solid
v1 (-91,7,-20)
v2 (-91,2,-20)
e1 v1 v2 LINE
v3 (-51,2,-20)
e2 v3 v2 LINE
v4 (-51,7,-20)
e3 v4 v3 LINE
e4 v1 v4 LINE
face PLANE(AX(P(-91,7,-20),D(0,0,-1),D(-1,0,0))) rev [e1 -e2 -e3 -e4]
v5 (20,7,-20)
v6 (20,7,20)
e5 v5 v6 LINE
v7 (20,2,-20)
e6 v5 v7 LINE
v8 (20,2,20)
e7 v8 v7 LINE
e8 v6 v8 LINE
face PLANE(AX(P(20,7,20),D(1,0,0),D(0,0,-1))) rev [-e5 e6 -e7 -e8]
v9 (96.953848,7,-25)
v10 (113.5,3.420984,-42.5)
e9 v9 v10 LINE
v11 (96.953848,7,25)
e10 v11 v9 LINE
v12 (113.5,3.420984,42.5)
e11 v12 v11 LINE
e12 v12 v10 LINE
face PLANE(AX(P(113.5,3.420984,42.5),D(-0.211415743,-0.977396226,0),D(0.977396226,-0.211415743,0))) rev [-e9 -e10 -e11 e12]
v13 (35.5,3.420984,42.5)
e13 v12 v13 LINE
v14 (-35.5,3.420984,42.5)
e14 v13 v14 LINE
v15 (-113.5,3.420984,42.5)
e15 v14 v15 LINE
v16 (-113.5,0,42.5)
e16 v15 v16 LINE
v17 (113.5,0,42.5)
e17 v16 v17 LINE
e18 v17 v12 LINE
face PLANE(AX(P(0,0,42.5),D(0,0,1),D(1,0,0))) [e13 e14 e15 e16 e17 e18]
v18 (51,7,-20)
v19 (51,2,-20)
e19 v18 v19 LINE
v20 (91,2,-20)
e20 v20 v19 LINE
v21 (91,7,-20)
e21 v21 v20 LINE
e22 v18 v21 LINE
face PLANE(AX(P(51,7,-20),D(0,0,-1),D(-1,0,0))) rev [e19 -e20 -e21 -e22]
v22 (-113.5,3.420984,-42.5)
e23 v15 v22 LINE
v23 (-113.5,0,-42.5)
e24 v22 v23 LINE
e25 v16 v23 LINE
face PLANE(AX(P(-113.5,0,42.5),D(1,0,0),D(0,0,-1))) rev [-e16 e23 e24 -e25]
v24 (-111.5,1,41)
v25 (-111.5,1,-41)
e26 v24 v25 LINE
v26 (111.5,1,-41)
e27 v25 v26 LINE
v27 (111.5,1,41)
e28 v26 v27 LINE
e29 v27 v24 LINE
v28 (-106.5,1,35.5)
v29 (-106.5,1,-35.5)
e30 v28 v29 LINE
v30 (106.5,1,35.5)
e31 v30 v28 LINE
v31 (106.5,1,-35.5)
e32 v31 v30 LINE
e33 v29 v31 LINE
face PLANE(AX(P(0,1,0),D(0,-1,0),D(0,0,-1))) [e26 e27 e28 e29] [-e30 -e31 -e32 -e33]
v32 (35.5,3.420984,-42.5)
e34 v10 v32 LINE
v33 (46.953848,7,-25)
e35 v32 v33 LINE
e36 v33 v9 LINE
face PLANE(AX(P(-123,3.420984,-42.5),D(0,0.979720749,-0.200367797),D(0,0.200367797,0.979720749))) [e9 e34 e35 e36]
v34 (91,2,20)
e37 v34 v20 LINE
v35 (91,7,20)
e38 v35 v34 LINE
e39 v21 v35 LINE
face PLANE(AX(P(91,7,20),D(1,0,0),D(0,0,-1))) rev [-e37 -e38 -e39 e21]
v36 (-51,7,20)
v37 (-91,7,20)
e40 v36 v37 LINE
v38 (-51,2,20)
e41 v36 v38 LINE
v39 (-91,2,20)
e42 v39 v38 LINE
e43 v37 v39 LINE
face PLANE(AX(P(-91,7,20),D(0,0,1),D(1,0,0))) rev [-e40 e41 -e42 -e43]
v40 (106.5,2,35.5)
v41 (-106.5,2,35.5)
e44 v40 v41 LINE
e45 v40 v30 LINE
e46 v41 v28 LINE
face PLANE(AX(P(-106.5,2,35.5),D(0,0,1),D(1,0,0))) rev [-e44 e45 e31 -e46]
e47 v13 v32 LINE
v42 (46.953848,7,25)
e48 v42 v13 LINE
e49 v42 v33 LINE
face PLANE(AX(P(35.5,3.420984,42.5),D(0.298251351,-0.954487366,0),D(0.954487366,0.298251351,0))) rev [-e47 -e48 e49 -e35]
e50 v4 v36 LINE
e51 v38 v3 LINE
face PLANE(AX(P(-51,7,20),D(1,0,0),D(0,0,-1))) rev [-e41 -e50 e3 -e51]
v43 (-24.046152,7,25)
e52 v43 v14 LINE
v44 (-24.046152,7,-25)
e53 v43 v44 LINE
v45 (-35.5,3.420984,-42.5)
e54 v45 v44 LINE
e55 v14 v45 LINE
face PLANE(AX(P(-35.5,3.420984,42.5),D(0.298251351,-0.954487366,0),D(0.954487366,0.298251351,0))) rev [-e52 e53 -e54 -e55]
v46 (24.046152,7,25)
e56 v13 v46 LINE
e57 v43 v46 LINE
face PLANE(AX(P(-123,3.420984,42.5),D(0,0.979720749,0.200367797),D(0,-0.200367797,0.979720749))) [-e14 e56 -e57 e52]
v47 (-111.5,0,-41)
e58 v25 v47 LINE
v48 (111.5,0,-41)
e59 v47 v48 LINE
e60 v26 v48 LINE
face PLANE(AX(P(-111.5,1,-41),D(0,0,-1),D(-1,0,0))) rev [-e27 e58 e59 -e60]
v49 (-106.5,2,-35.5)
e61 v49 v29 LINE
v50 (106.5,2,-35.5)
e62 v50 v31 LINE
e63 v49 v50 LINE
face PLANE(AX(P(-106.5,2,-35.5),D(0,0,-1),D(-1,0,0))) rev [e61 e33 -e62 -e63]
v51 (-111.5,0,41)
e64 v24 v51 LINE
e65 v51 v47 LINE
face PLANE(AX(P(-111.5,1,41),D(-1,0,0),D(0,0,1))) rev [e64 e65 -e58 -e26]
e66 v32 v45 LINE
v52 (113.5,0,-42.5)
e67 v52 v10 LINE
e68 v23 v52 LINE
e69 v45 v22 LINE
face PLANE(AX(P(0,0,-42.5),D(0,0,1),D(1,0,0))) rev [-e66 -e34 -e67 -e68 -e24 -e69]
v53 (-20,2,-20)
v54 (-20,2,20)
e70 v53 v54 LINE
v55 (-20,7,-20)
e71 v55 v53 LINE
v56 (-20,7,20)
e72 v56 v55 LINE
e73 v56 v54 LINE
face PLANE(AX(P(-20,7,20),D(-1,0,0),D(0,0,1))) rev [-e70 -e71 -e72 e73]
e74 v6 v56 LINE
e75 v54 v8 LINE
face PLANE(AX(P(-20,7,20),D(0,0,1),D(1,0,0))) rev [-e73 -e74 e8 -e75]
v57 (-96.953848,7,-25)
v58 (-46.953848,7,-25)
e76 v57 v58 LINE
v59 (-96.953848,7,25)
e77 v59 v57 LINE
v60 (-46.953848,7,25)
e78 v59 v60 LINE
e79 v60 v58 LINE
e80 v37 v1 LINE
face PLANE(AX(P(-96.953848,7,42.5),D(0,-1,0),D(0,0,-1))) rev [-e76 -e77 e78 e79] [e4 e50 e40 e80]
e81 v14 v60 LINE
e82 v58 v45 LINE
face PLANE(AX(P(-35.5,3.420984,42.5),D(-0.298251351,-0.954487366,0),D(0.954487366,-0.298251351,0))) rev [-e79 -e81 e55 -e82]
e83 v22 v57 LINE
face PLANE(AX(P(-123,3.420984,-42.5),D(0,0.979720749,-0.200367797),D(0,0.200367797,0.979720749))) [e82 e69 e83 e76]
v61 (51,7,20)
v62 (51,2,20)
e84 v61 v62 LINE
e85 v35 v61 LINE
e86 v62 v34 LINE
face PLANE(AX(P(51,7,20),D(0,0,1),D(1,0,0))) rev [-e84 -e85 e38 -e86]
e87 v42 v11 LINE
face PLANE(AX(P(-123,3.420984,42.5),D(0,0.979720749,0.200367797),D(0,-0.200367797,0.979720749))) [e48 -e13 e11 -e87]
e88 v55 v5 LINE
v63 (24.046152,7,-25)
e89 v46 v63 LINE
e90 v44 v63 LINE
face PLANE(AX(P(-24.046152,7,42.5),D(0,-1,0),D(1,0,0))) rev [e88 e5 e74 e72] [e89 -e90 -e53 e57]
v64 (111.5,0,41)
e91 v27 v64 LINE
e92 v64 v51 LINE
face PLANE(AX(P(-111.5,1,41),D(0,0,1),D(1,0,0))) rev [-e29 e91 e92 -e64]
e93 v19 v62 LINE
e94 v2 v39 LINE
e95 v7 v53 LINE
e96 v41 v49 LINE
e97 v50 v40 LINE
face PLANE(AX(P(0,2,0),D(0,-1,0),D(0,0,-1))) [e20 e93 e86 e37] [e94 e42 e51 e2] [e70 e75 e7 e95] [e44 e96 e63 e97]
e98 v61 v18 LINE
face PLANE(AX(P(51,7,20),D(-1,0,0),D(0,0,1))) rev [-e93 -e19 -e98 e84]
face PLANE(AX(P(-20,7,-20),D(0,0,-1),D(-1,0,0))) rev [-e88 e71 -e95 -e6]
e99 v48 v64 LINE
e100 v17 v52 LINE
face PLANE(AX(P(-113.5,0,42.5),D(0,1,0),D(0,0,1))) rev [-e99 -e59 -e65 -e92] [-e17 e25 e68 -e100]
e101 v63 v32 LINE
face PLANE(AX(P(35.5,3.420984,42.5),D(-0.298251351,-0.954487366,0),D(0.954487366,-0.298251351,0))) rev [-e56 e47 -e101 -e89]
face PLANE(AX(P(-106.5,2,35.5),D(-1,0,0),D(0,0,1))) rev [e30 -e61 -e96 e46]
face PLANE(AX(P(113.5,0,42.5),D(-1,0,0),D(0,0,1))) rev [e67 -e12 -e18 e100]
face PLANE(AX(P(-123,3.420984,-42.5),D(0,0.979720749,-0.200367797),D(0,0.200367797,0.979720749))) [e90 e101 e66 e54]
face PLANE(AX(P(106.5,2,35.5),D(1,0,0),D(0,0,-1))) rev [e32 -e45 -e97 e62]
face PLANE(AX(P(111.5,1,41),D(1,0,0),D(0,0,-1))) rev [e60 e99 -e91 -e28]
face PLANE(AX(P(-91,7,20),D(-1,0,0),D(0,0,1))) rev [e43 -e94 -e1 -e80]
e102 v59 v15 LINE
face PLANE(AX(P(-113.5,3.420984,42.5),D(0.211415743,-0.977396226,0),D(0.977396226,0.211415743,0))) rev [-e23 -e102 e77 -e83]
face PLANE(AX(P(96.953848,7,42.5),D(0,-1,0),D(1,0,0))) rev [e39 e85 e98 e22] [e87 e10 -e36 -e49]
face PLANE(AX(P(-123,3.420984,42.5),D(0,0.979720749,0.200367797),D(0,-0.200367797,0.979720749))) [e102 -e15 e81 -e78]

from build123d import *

# Parameters (mm, degrees)
EXTRUDE_1_DEPTH     = 42.5
SKETCH_2_OUTSIDE_W  = 135.498
SKETCH_2_OUTSIDE_H  = 57.498
CUT_EXTRUDE_1_DEPTH = 123
SKETCH_3_W          = 40
SKETCH_3_H          = 40
CUT_EXTRUDE_2_DEPTH = 8
SKETCH_4_W          = 223
SKETCH_4_H          = 82
CUT_EXTRUDE_3_DEPTH = 1
SKETCH_5_W          = 213
SKETCH_5_H          = 71
CUT_EXTRUDE_4_DEPTH = 1


with BuildPart() as part:
    # Эскиз1 → Бобышка-Вытянуть1 (new body, symmetric)
    with BuildSketch(Plane.XY):
        Polygon((-113.5, 0), (-113.5, 3.420983787), (-96.95384839, 7), (-46.95384839, 7), (-35.5, 3.420983787), (-24.04615161, 7), (24.04615161, 7), (35.5, 3.420983787), (46.95384839, 7), (96.95384839, 7), (113.5, 3.420983787), (113.5, 0), align=None)
    extrude(amount=EXTRUDE_1_DEPTH, both=True)

    # Эскиз2 outside → Вырез-Вытянуть1 (cut, symmetric)
    with BuildSketch(Plane(origin=(0, 0, 0), x_dir=(0, 0, -1), z_dir=(1, 0, 0))):
        with Locations((0, 3.5)):
            Rectangle(SKETCH_2_OUTSIDE_W, SKETCH_2_OUTSIDE_H)
        Polygon((42.5, 0), (-42.5, 0), (-42.5, 3.420983787), (-25, 7), (25, 7), (42.5, 3.420983787), align=None, mode=Mode.SUBTRACT)
    extrude(amount=CUT_EXTRUDE_1_DEPTH, both=True, mode=Mode.SUBTRACT)

    # Эскиз3 → Вырез-Вытянуть2 (cut, through all)
    with BuildSketch(Plane.XZ):
        with Locations((71, 0)):
            Rectangle(SKETCH_3_W, SKETCH_3_H)
        Rectangle(SKETCH_3_W, SKETCH_3_H)
        with Locations((-71, 0)):
            Rectangle(SKETCH_3_W, SKETCH_3_H)
    extrude(amount=-CUT_EXTRUDE_2_DEPTH, mode=Mode.SUBTRACT)

    # Эскиз4 → Вырез-Вытянуть3 (cut)
    with BuildSketch(Plane.XZ):
        Rectangle(SKETCH_4_W, SKETCH_4_H)
    extrude(amount=-CUT_EXTRUDE_3_DEPTH, mode=Mode.SUBTRACT)

    # Эскиз5 → Вырез-Вытянуть4 (cut)
    with BuildSketch(Plane.XZ.offset(-1)):
        Rectangle(SKETCH_5_W, SKETCH_5_H)
    extrude(amount=-CUT_EXTRUDE_4_DEPTH, mode=Mode.SUBTRACT)


solid = part.part
